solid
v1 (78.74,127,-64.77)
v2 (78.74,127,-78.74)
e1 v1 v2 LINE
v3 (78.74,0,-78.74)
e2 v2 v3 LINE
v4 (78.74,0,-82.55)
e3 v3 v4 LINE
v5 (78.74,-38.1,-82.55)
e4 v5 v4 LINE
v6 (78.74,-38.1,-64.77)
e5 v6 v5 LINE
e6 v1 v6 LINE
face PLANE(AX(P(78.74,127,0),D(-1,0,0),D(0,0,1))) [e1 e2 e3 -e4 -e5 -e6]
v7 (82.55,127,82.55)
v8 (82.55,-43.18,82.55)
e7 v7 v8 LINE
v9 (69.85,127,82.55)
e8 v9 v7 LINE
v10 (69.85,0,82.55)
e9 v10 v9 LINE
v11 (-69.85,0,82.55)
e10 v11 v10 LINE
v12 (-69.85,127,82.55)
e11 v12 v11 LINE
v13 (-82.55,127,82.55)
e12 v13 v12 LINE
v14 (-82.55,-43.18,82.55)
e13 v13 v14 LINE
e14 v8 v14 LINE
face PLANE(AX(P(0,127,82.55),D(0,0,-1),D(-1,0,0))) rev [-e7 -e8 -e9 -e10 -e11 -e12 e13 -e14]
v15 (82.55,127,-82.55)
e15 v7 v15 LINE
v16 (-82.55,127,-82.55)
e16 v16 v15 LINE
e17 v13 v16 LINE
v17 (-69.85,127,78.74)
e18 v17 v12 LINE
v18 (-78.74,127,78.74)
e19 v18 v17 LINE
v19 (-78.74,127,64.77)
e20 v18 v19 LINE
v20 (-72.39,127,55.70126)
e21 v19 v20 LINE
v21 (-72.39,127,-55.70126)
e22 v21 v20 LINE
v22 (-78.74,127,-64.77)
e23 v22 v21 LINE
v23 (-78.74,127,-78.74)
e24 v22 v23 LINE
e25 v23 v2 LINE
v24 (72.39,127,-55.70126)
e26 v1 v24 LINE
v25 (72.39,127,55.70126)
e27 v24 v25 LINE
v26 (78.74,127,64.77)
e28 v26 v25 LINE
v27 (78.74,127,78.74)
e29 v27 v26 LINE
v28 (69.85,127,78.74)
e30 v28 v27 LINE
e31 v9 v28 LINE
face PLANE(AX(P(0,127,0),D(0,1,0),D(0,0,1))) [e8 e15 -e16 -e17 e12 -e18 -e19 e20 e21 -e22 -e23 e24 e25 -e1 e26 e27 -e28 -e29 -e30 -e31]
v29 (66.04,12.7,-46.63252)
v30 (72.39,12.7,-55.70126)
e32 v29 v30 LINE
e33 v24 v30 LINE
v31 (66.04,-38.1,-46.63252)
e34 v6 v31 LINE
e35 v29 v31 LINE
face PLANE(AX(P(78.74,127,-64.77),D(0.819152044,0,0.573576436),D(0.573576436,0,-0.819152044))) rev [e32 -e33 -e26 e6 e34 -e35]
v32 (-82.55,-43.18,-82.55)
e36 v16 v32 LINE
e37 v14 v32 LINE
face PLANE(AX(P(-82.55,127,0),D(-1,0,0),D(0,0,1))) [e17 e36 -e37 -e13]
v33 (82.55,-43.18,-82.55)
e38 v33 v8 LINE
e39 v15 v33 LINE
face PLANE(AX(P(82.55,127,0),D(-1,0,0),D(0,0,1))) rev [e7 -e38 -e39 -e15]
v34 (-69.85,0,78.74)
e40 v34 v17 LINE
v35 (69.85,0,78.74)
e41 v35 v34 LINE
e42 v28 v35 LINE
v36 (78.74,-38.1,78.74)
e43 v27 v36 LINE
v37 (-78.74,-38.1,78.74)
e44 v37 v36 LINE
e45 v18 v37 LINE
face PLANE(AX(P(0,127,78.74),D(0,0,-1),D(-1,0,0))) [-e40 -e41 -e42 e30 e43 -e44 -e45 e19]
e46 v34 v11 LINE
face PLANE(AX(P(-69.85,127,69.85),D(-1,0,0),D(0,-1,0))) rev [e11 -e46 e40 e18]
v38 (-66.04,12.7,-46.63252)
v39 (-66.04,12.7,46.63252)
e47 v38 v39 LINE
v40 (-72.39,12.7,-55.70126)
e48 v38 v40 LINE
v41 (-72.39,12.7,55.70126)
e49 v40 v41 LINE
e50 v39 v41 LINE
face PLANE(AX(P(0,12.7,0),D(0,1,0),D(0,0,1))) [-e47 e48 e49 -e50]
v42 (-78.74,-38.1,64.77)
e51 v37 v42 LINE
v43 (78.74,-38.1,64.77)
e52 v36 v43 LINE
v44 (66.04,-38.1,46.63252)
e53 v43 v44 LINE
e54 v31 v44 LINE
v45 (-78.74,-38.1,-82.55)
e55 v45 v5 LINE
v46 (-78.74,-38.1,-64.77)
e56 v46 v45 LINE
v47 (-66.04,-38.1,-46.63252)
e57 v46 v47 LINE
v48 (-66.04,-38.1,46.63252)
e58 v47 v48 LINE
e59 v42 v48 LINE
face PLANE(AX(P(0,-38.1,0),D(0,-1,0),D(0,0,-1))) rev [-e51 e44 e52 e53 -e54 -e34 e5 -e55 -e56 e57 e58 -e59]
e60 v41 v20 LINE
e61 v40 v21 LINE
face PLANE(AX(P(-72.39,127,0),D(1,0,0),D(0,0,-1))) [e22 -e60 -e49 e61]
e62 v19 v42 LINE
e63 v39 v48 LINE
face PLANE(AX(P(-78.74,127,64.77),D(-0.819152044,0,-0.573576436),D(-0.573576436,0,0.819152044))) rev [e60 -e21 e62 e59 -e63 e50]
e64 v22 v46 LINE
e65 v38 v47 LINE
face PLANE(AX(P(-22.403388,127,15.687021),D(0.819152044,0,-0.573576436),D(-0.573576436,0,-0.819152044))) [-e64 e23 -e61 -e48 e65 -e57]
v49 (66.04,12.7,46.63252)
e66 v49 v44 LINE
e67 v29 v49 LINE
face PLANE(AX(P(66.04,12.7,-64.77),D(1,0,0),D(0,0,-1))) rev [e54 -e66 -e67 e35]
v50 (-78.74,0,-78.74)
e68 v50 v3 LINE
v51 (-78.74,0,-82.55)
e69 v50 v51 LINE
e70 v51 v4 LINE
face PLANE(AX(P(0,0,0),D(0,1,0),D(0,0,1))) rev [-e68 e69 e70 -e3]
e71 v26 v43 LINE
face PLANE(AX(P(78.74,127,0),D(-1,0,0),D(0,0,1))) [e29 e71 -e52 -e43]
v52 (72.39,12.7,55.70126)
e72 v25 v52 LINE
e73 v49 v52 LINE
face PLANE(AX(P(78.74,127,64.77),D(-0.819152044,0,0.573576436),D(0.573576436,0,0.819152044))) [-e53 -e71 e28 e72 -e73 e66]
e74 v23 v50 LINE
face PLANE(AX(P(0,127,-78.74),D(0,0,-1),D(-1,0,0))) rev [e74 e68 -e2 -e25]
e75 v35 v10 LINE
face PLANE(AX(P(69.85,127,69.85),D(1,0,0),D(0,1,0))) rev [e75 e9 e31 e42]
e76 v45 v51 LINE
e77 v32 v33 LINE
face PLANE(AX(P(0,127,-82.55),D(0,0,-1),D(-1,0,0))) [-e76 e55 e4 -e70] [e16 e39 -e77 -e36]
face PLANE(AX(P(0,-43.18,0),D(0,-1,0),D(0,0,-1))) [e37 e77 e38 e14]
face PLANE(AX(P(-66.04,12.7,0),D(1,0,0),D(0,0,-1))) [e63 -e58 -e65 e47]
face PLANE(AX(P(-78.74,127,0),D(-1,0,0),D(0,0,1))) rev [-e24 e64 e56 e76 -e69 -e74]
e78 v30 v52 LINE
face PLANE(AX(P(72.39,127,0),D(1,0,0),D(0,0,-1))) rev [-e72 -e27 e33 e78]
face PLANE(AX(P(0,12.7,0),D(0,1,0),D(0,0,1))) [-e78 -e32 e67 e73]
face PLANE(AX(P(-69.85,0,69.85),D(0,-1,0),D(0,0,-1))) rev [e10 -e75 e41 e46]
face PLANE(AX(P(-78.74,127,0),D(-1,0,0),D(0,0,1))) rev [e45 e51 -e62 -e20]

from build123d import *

# Parameters (mm, degrees)
SKETCH1_W           = 165.1
SKETCH1_H           = 165.1
BOSS_EXTRUDE1_DEPTH = 127
BOSS_EXTRUDE2_DEPTH = 38.1
SKETCH5_W           = 165.1
SKETCH5_H           = 165.1
BOSS_EXTRUDE3_DEPTH = 5.08
SKETCH6_W           = 139.7
SKETCH6_H           = 127
CUT_EXTRUDE1_DEPTH  = 12.7
SKETCH1_4_W         = 6.35
SKETCH1_4_H         = 129.54
BOSS_EXTRUDE5_DEPTH = 41.656
SKETCH8_W           = 6.35
SKETCH8_H           = 129.54
BOSS_EXTRUDE6_DEPTH = 50.8
CUT_EXTRUDE2_DEPTH  = 203.205378267


with BuildPart() as part:
    # Sketch1 → Boss-Extrude1 (new body)
    with BuildSketch(Plane(origin=(0, 0, 0), x_dir=(1, 0, 0), z_dir=(0, 1, 0))):
        Rectangle(SKETCH1_W, SKETCH1_H)
        Polygon((78.74, -78.74), (-78.74, -78.74), (-78.74, -64.77), (-72.39, -64.77), (-72.39, 64.77), (-78.74, 64.77), (-78.74, 78.74), (78.74, 78.74), (78.74, 64.77), (72.39, 64.77), (72.39, -64.77), (78.74, -64.77), align=None, mode=Mode.SUBTRACT)
    extrude(amount=BOSS_EXTRUDE1_DEPTH)

    # Sketch4 → Boss-Extrude2 (add)
    with BuildSketch(Plane.XZ):
        Polygon((-82.55, 82.55), (-82.55, -82.55), (-78.74, -82.55), (-78.74, -78.74), (-78.74, -64.77), (-78.74, 64.77), (-78.74, 78.74), (78.74, 78.74), (78.74, 64.77), (78.74, -64.77), (78.74, -78.74), (78.74, -82.55), (82.55, -82.55), (82.55, 82.55), align=None)
    extrude(amount=BOSS_EXTRUDE2_DEPTH)

    # Sketch5 → Boss-Extrude3 (add)
    with BuildSketch(Plane.XZ.offset(38.1)):
        Rectangle(SKETCH5_W, SKETCH5_H)
    extrude(amount=BOSS_EXTRUDE3_DEPTH)

    # Sketch6 → Cut-Extrude1 (cut)
    with BuildSketch(Plane.XY.offset(82.55)):
        with Locations((0, 63.5)):
            Rectangle(SKETCH6_W, SKETCH6_H)
    extrude(amount=-CUT_EXTRUDE1_DEPTH, mode=Mode.SUBTRACT)

    # Sketch1<4> → Boss-Extrude5 (add)
    with BuildSketch(Plane(origin=(0, 0, 0), x_dir=(1, 0, 0), z_dir=(0, 1, 0))):
        with Locations((-75.565, 0)):
            Rectangle(SKETCH1_4_W, SKETCH1_4_H)
        with Locations((75.565, 0)):
            Rectangle(SKETCH1_4_W, SKETCH1_4_H)
    extrude(amount=-BOSS_EXTRUDE5_DEPTH)

    # Sketch8 → Boss-Extrude6 (add)
    with BuildSketch(Plane(origin=(0, -38.1, 0), x_dir=(1, 0, 0), z_dir=(0, 1, 0))):
        with Locations((-69.215, 0)):
            Rectangle(SKETCH8_W, SKETCH8_H)
        with Locations((69.215, 0)):
            Rectangle(SKETCH8_W, SKETCH8_H)
    extrude(amount=BOSS_EXTRUDE6_DEPTH)

    # Sketch9 → Cut-Extrude2 (cut, through all)
    with BuildSketch(Plane(origin=(0, -38.1, 0), x_dir=(1, 0, 0), z_dir=(0, 1, 0))):
        Polygon((-66.04, 64.77), (-78.74, 64.77), (-66.04, 46.632520314), align=None)
        Polygon((-66.04, -46.632520314), (-78.74, -64.77), (-66.04, -64.77), align=None)
        Polygon((66.04, -64.77), (78.74, -64.77), (66.04, -46.632520314), align=None)
        Polygon((78.74, 64.77), (66.04, 64.77), (66.04, 46.632520314), align=None)
    extrude(amount=CUT_EXTRUDE2_DEPTH, mode=Mode.SUBTRACT)


solid = part.part
